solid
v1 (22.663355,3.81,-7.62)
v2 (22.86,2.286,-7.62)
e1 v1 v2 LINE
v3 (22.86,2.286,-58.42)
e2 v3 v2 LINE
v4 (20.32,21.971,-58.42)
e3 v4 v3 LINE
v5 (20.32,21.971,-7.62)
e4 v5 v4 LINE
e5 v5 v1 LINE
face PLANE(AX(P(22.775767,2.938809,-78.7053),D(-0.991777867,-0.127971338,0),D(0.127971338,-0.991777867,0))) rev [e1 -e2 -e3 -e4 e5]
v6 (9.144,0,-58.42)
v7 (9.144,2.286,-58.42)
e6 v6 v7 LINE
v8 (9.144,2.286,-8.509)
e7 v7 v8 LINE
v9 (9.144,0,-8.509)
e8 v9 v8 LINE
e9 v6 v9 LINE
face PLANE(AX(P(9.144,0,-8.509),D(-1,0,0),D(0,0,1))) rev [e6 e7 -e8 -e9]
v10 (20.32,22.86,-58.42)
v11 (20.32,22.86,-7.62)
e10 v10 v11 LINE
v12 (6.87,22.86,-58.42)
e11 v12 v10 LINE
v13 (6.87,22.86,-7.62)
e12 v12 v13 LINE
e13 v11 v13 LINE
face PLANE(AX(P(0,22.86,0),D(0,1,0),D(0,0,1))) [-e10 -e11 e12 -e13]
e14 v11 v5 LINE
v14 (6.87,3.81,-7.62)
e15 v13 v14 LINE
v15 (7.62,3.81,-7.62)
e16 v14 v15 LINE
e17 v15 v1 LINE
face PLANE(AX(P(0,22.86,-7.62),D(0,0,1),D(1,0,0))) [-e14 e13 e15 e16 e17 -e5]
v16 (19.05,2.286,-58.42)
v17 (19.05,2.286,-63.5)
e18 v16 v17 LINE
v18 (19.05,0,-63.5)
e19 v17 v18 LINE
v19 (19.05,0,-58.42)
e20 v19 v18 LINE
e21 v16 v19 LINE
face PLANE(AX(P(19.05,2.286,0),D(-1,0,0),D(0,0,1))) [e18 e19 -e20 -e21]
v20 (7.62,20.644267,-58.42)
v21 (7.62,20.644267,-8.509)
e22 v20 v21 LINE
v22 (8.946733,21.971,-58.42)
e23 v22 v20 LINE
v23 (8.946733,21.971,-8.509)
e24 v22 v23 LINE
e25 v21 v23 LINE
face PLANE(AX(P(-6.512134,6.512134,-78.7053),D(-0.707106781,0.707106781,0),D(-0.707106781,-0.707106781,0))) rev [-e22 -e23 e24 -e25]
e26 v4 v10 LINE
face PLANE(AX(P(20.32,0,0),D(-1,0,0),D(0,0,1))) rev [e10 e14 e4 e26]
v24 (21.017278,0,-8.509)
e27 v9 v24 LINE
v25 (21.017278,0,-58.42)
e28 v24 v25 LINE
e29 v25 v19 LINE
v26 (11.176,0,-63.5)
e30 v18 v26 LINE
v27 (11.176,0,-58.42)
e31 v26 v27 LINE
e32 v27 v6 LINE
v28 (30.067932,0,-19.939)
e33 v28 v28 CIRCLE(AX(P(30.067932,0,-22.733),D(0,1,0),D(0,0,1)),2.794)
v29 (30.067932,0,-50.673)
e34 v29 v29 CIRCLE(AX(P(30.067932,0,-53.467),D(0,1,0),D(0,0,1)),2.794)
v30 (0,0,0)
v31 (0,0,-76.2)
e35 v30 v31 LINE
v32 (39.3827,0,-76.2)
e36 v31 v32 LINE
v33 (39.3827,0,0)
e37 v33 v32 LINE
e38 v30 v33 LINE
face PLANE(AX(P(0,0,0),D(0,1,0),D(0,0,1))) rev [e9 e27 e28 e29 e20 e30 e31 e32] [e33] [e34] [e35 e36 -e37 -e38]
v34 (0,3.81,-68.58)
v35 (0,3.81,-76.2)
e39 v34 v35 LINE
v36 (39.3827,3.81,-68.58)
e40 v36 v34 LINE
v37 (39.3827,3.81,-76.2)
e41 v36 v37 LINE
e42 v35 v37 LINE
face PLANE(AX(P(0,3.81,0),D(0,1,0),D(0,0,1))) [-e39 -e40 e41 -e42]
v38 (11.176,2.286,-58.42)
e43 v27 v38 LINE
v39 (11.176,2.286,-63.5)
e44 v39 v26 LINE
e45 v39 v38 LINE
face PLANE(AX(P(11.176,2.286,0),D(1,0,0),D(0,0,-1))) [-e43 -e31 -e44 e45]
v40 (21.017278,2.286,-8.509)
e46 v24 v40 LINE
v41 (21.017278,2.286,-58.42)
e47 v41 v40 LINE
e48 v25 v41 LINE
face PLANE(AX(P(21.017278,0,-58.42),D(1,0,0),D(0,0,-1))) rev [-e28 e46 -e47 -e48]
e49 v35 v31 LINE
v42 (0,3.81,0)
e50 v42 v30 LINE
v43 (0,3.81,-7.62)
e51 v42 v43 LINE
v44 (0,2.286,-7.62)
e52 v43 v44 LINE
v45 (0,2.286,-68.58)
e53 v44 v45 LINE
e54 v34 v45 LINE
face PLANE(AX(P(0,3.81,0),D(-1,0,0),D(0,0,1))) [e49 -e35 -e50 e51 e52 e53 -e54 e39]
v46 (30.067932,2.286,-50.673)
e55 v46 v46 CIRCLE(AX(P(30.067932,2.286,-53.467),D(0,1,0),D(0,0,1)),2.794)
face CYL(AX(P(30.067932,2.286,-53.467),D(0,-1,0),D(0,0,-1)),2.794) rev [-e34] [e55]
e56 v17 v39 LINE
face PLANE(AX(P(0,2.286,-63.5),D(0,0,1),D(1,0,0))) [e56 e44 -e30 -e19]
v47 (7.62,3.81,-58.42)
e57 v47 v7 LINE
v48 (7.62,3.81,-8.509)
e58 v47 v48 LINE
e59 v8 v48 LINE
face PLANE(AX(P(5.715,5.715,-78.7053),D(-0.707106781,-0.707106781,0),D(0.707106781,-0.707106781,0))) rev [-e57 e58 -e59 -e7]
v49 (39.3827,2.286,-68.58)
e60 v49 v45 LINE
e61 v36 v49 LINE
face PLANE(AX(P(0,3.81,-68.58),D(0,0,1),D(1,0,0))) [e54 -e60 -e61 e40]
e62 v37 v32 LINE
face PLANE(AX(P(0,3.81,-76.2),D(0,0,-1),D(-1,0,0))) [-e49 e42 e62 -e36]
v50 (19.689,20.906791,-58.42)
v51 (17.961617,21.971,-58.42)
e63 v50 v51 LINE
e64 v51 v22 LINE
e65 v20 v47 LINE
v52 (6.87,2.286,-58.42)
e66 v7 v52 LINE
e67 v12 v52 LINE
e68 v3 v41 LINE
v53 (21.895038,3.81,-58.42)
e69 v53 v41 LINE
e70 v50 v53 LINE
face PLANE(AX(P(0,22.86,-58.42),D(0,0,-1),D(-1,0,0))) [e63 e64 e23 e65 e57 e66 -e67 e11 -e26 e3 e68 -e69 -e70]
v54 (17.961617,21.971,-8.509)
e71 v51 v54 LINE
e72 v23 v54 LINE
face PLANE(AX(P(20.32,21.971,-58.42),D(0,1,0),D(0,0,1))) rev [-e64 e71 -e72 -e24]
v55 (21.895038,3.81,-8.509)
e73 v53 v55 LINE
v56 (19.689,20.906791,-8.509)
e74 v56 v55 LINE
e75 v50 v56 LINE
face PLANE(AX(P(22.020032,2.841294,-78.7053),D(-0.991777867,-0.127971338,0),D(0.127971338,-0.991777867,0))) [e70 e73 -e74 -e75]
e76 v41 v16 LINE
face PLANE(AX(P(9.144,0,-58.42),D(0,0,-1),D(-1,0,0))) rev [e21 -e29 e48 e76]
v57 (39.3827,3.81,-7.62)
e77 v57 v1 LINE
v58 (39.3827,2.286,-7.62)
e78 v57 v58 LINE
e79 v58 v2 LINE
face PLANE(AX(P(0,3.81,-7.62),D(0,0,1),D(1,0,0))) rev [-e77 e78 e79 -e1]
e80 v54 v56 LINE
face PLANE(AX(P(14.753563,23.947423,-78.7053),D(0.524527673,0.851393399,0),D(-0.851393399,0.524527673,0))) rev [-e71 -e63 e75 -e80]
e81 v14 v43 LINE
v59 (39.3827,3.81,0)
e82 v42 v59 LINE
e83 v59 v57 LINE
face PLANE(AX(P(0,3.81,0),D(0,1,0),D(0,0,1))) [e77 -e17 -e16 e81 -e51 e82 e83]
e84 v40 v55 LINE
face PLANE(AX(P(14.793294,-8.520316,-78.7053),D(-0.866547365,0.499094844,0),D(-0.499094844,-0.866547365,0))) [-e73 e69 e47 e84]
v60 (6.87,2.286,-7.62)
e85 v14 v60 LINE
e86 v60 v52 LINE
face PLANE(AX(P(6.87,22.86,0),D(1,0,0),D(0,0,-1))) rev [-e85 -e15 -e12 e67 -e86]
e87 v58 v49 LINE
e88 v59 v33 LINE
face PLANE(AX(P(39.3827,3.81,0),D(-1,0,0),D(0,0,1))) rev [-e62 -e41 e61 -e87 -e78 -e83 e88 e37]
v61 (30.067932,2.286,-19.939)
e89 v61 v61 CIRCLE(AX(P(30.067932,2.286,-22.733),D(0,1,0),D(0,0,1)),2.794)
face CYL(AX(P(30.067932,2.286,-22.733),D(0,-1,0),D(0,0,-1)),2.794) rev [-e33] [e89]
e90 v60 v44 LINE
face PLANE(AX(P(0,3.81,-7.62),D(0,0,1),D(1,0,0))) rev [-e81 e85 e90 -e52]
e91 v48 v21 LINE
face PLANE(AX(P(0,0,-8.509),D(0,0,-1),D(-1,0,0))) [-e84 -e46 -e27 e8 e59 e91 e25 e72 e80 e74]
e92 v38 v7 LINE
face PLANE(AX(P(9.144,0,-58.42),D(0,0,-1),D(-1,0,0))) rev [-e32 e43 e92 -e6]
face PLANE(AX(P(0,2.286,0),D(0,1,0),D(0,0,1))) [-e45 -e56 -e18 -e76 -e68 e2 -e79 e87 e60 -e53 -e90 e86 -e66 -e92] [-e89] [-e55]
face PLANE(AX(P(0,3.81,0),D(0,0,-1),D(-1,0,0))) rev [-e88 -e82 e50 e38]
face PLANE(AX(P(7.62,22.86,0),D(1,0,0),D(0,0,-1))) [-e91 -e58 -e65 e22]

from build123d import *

# Parameters (mm, degrees)
BOSS_EXTRUDE2_DEPTH   = 3.81
BOSS_EXTRUDE2_2_DEPTH = 3.81
SKETCH2_3_W           = 39.3827
SKETCH2_3_H           = 60.96
SKETCH2_3_R           = 2.794
SKETCH2_3_W_2         = 7.874
SKETCH2_3_H_2         = 50.8
BOSS_EXTRUDE3_DEPTH   = 2.286
SKETCH2_4_W           = 0.75
SKETCH2_4_H           = 50.8
BOSS_EXTRUDE4_DEPTH   = 22.86
SKETCH7_W             = 50.8
SKETCH7_H             = 0.889
BOSS_EXTRUDE6_DEPTH   = 12.7
BOSS_EXTRUDE7_DEPTH   = 0.889
BOSS_EXTRUDE8_DEPTH   = 50.8
SKETCH10_W            = 11.873277716
SKETCH10_H            = 49.911
CUT_EXTRUDE5_DEPTH    = 89.208426668


with BuildPart() as part:
    # Sketch2 → Boss-Extrude2 (new body)
    with BuildSketch(Plane(origin=(0, 0, 0), x_dir=(1, 0, 0), z_dir=(0, 1, 0))):
        Polygon((0, 7.62), (0, 0), (39.3827, 0), (39.3827, 7.62), (7.62, 7.62), (6.87, 7.62), align=None)
    extrude(amount=BOSS_EXTRUDE2_DEPTH)



with BuildPart() as body_2:
    # Sketch2 → Boss-Extrude2 2 (new body)
    with BuildSketch(Plane(origin=(0, 0, 0), x_dir=(1, 0, 0), z_dir=(0, 1, 0))):
        Polygon((0, 76.2), (0, 68.58), (6.87, 68.58), (7.62, 68.58), (39.3827, 68.58), (39.3827, 76.2), align=None)
    extrude(amount=BOSS_EXTRUDE2_2_DEPTH)


with BuildPart() as part_1:
    add(part.part)

    add(body_2.part)  # Boss-Extrude3 merges body 2
    # Sketch2<3> → Boss-Extrude3 (add)
    with BuildSketch(Plane(origin=(0, 0, 0), x_dir=(1, 0, 0), z_dir=(0, 1, 0))):
        with Locations((19.69135, 38.1)):
            Rectangle(SKETCH2_3_W, SKETCH2_3_H)
        with Locations(Location((30.067932262, 53.467, 0), (0, 0, 270))):
            Circle(SKETCH2_3_R, mode=Mode.SUBTRACT)
        with Locations((15.113, 38.1)):
            Rectangle(SKETCH2_3_W_2, SKETCH2_3_H_2, mode=Mode.SUBTRACT)
        with Locations(Location((30.067932262, 22.733, 0), (0, 0, 270))):
            Circle(SKETCH2_3_R, mode=Mode.SUBTRACT)
    extrude(amount=BOSS_EXTRUDE3_DEPTH)

    # Sketch2<4> → Boss-Extrude4 (add)
    with BuildSketch(Plane(origin=(0, 0, 0), x_dir=(1, 0, 0), z_dir=(0, 1, 0))):
        with Locations((7.245, 33.02)):
            Rectangle(SKETCH2_4_W, SKETCH2_4_H)
    extrude(amount=BOSS_EXTRUDE4_DEPTH)

    # Sketch7 → Boss-Extrude6 (add)
    with BuildSketch(Plane(origin=(7.62, 0, 0), x_dir=(0, 0, -1), z_dir=(1, 0, 0))):
        with Locations((33.02, 22.4155)):
            Rectangle(SKETCH7_W, SKETCH7_H)
    extrude(amount=BOSS_EXTRUDE6_DEPTH)

    # Sketch8 → Boss-Extrude7 (add)
    with BuildSketch(Plane(origin=(0, 0, -7.62), x_dir=(-1, 0, 0), z_dir=(0, 0, -1))):
        Polygon((-21.895037632, 3.81), (-7.62, 3.81), (-7.62, 20.64426719), (-8.94673281, 21.971), (-17.961616695, 21.971), (-19.689000062, 20.906791166), align=None)
        Polygon((-21.017277716, 2.286), (-21.895037632, 3.81), (-22.091682793, 2.286), align=None)
        Polygon((-9.144, 2.286), (-7.62, 2.286), (-7.62, 3.81), align=None)
        Polygon((-8.94673281, 21.971), (-7.62, 20.64426719), (-7.62, 21.971), align=None)
        Polygon((-19.551682793, 21.971), (-19.689000062, 20.906791166), (-17.961616695, 21.971), align=None)
        Polygon((-9.144, 2.286), (-7.62, 3.81), (-21.895037632, 3.81), (-21.017277716, 2.286), align=None)
    extrude(amount=BOSS_EXTRUDE7_DEPTH)

    # Sketch8<4> → Boss-Extrude8 (add)
    with BuildSketch(Plane(origin=(0, 0, -7.62), x_dir=(-1, 0, 0), z_dir=(0, 0, -1))):
        Polygon((-22.663354839, 3.81), (-21.895037632, 3.81), (-19.689000062, 20.906791166), (-19.551682793, 21.971), (-20.32, 21.971), align=None)
        Polygon((-22.091682793, 2.286), (-21.895037632, 3.81), (-22.663354839, 3.81), (-22.86, 2.286), align=None)
        Polygon((-21.017277716, 2.286), (-21.895037632, 3.81), (-22.091682793, 2.286), align=None)
        Polygon((-9.144, 2.286), (-7.62, 2.286), (-7.62, 3.81), align=None)
        Polygon((-19.551682793, 21.971), (-19.689000062, 20.906791166), (-17.961616695, 21.971), align=None)
        Polygon((-8.94673281, 21.971), (-7.62, 20.64426719), (-7.62, 21.971), align=None)
    extrude(amount=BOSS_EXTRUDE8_DEPTH)

    # Sketch10 → Cut-Extrude5 (cut, through all)
    with BuildSketch(Plane(origin=(0, 2.286, 0), x_dir=(1, 0, 0), z_dir=(0, 1, 0))):
        with Locations((15.080638858, 33.4645)):
            Rectangle(SKETCH10_W, SKETCH10_H)
    extrude(amount=-CUT_EXTRUDE5_DEPTH, mode=Mode.SUBTRACT)


solid = part_1.part
